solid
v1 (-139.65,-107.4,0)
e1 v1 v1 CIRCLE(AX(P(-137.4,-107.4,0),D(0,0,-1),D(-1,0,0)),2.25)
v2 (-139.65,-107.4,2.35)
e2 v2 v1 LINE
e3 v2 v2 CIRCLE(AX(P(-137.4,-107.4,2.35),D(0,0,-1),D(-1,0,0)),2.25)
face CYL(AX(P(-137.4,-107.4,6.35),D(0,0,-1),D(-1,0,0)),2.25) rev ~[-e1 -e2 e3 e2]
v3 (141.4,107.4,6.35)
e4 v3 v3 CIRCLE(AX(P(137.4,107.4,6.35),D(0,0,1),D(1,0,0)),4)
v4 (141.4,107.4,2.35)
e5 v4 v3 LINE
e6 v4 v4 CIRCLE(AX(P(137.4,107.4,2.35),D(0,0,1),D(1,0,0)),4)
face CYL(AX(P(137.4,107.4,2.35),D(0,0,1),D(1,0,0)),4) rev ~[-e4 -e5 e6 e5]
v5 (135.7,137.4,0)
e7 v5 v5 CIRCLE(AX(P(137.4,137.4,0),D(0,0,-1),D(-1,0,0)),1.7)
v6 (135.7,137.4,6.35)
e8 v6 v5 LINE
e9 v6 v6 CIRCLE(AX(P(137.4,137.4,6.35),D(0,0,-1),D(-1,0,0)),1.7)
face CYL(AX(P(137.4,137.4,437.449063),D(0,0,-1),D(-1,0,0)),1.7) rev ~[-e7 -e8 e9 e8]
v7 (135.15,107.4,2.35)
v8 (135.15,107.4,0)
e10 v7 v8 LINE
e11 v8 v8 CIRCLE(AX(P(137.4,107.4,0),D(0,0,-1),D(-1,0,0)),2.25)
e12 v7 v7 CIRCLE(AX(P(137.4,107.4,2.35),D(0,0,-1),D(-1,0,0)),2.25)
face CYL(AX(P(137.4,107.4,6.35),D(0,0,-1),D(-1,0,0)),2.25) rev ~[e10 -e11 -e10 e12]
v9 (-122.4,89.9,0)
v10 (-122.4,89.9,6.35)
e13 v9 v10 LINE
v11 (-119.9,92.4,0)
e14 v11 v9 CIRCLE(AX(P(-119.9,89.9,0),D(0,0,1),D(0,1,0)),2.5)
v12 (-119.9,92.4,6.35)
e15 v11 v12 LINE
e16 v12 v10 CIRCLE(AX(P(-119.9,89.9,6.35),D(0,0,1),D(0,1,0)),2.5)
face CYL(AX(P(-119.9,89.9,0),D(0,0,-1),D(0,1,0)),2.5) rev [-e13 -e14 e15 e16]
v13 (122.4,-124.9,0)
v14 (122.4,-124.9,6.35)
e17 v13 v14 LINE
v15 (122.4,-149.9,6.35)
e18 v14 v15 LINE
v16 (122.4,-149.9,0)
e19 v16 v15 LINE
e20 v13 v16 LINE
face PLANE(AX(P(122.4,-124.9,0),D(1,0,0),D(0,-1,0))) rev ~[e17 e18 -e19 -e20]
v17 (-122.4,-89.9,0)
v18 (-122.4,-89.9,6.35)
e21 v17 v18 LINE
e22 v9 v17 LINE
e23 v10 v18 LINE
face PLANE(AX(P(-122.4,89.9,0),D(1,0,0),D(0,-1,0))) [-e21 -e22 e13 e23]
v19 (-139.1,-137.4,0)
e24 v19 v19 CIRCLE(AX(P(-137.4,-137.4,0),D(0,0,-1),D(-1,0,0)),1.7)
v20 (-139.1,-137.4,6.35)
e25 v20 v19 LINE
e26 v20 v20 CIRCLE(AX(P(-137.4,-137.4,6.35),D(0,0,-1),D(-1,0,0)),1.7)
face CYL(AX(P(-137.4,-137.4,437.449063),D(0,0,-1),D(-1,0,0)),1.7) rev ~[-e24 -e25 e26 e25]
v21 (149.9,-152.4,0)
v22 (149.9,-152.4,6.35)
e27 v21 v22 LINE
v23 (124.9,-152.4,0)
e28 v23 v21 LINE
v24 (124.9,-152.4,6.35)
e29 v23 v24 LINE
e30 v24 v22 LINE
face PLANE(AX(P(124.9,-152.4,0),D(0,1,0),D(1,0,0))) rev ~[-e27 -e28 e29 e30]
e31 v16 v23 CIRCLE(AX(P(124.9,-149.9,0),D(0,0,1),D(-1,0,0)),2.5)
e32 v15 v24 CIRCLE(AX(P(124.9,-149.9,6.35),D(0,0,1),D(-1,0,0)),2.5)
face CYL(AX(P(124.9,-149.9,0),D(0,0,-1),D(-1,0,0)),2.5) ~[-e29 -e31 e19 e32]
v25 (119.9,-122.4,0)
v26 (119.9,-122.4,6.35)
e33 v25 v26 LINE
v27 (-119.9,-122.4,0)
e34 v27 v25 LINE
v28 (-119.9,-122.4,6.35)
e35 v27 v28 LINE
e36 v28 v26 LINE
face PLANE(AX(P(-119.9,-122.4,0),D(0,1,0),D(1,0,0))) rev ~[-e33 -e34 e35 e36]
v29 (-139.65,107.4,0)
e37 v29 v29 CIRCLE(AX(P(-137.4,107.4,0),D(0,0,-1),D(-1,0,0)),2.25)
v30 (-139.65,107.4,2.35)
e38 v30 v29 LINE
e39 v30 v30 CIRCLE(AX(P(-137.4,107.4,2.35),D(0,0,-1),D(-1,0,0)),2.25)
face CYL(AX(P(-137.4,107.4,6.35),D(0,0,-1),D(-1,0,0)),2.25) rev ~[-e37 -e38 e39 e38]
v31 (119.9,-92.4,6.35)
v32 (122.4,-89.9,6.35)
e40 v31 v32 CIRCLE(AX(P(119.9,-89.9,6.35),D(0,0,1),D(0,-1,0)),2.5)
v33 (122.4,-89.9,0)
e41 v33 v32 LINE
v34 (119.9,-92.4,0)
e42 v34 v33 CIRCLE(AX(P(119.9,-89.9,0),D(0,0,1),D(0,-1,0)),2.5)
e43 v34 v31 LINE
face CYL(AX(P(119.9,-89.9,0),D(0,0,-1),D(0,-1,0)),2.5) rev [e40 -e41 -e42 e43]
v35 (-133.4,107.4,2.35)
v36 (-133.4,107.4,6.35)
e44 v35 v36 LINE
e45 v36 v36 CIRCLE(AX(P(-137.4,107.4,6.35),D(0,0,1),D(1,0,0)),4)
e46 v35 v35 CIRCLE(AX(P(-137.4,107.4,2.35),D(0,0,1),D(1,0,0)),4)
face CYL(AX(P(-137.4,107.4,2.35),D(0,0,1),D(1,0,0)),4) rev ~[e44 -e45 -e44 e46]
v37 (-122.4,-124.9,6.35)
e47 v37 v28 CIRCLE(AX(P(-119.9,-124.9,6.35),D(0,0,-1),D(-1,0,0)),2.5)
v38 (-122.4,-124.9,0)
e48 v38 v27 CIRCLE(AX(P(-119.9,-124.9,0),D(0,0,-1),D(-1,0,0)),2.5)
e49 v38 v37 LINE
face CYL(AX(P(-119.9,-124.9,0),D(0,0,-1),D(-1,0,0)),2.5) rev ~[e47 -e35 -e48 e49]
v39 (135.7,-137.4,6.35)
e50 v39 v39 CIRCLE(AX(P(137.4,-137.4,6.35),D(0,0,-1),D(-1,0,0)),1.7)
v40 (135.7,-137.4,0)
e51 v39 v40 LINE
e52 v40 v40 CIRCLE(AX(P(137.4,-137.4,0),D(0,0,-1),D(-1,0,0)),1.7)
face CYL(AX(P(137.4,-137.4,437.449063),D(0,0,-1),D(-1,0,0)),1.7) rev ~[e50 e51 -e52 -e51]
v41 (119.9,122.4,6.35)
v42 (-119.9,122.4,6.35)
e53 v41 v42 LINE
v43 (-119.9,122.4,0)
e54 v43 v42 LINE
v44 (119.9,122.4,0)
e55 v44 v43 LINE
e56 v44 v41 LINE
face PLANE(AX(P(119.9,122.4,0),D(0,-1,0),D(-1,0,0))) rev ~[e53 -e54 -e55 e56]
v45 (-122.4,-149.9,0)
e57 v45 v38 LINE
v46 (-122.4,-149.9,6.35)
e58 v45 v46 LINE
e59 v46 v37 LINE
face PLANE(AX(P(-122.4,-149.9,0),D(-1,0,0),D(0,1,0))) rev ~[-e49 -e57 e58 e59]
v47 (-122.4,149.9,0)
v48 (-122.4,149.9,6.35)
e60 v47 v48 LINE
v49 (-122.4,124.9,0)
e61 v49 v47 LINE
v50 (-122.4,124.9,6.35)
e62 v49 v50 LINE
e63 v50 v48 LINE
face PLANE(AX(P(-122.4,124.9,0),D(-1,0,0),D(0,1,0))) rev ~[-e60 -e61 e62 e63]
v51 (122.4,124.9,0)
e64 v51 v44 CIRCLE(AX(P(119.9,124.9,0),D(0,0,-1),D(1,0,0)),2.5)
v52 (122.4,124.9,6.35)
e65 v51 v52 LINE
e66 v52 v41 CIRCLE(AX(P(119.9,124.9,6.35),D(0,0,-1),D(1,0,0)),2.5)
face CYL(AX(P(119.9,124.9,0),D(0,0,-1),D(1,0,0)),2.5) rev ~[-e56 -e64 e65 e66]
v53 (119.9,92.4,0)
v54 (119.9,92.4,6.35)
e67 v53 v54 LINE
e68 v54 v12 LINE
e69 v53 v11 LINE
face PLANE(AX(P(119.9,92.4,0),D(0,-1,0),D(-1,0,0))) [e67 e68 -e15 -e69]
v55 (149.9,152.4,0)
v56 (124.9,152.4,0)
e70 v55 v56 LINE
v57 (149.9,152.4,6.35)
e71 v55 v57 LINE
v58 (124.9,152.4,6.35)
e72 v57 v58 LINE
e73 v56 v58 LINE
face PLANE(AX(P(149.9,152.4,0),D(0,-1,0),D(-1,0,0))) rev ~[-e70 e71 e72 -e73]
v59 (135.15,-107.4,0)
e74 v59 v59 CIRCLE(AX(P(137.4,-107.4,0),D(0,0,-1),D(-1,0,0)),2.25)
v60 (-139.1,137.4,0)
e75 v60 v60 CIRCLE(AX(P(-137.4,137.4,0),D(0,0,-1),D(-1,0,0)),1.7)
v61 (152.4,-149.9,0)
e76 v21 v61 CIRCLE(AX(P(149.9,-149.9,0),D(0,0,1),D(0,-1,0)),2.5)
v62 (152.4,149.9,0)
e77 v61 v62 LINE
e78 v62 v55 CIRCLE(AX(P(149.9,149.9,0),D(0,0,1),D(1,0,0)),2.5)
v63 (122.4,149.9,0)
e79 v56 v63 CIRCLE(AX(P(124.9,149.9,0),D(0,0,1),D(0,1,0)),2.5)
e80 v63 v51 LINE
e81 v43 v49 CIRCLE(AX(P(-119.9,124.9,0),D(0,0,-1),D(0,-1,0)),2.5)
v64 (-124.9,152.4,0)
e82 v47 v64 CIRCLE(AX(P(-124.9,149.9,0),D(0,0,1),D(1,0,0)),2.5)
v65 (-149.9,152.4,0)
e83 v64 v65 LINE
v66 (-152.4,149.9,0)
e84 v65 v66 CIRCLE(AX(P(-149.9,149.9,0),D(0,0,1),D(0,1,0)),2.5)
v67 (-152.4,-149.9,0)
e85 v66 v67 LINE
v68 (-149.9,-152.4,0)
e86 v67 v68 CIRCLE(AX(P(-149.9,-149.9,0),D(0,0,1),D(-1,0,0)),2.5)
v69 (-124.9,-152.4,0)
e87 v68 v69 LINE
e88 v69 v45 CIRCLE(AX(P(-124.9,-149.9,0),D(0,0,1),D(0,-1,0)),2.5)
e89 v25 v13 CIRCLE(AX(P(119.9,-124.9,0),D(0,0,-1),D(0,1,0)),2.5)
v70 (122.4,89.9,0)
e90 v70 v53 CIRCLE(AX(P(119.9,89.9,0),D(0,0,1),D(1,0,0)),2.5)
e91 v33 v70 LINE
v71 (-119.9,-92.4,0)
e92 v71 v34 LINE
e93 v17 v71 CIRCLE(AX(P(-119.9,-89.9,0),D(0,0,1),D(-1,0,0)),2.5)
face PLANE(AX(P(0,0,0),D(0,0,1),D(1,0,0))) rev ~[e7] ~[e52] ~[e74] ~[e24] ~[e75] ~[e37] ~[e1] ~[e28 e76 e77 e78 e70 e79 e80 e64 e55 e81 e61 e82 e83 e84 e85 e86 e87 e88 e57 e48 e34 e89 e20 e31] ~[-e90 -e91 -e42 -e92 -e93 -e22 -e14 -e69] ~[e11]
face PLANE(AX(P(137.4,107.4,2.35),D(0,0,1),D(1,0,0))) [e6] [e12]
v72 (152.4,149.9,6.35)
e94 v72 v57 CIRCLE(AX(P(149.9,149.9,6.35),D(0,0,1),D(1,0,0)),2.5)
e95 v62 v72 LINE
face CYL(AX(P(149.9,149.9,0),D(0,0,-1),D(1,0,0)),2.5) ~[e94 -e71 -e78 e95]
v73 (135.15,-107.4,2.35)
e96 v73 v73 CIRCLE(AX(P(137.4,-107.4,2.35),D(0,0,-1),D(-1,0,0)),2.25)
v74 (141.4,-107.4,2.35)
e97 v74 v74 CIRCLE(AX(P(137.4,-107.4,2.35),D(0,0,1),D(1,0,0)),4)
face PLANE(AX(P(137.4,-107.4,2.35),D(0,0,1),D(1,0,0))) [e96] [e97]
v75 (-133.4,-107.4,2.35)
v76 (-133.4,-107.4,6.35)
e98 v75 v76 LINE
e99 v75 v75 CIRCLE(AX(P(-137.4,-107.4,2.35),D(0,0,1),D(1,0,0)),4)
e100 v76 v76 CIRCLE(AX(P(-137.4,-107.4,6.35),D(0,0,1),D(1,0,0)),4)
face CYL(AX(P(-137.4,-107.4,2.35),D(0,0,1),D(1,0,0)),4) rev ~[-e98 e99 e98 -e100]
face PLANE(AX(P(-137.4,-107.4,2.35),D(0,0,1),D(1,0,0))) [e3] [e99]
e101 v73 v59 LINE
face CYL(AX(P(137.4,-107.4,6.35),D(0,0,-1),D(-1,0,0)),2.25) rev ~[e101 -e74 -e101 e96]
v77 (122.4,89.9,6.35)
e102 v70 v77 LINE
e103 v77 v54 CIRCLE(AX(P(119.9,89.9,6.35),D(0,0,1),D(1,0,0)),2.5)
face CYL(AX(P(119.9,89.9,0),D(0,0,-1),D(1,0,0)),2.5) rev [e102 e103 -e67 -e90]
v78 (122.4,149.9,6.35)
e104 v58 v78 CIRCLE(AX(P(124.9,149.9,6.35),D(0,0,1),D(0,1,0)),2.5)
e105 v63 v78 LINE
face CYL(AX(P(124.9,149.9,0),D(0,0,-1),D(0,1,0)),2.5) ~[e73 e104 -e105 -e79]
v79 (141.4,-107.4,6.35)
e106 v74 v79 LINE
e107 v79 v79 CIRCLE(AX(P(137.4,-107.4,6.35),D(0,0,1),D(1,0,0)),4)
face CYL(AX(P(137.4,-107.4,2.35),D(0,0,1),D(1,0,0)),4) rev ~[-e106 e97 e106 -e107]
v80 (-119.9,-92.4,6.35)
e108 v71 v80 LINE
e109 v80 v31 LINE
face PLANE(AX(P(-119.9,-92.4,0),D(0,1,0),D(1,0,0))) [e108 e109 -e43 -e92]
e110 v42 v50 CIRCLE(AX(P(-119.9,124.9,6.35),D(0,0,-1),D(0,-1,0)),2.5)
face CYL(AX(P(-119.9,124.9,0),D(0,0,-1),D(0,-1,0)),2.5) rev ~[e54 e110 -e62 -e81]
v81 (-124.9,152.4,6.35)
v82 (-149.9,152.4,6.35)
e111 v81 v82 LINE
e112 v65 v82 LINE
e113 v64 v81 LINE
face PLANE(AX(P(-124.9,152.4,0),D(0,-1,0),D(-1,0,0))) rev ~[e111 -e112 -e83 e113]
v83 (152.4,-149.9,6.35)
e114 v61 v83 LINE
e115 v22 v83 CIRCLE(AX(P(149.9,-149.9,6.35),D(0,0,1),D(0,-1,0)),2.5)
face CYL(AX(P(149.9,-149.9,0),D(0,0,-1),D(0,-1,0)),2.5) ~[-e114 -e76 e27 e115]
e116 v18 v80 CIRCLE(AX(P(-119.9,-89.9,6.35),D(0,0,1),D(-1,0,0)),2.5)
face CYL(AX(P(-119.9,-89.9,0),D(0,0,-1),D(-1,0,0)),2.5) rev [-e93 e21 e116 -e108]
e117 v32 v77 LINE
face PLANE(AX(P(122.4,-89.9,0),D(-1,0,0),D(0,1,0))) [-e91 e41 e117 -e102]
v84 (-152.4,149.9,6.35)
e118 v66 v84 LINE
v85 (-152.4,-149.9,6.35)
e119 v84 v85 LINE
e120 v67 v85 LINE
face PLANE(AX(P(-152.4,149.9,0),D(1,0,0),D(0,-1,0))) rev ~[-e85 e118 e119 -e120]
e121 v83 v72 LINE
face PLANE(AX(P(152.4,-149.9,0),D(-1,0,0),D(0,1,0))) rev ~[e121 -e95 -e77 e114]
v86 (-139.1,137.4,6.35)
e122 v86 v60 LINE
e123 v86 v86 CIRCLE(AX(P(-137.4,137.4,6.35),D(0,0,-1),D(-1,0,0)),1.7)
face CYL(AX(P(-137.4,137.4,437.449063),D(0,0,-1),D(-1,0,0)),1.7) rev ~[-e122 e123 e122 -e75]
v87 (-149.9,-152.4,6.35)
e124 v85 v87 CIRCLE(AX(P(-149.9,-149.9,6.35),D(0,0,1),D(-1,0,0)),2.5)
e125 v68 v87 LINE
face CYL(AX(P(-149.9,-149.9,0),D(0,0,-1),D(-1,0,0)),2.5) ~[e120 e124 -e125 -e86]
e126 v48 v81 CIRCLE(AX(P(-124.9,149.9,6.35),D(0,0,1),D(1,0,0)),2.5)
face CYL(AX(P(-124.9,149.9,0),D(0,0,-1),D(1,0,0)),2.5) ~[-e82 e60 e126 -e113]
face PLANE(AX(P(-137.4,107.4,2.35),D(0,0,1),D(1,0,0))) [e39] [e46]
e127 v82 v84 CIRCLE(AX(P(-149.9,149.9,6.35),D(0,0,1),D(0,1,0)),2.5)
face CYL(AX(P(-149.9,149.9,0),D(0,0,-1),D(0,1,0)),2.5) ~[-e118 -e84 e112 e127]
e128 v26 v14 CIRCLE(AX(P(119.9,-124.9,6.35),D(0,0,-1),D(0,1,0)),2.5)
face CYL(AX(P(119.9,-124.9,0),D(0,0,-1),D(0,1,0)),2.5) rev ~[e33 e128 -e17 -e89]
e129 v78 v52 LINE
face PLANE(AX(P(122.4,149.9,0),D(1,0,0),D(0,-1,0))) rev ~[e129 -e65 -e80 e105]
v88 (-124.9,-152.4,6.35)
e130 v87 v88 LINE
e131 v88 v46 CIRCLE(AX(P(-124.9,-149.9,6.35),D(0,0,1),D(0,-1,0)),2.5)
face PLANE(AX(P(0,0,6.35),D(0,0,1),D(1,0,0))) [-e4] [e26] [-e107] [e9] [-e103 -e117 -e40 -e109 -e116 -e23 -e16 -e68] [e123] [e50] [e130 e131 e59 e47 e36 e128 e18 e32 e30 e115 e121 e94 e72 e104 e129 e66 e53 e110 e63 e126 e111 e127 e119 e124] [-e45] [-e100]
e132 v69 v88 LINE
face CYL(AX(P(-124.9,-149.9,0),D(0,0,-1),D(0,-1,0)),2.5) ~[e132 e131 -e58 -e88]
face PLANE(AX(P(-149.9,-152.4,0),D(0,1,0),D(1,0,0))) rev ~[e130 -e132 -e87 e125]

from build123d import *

# Parameters (mm, degrees)
BOSS_EXTRUDE1_DEPTH            = 6.35
CBORE_FOR_M4_SHCS1_D           = 4.5
CBORE_FOR_M4_SHCS1_CBORE_D     = 8
CBORE_FOR_M4_SHCS1_CBORE_DEPTH = 4
M3_CLEARANCE_HOLE2_D           = 3.4


with BuildPart() as part:
    # Sketch7 → Boss-Extrude1 (new body)
    with BuildSketch(Plane.XY):
        with BuildLine():
            Line((-119.9, -122.4), (119.9, -122.4))
            ThreePointArc((119.9, -122.4), (121.667766953, -123.132233047), (122.4, -124.9))
            Line((122.4, -124.9), (122.4, -149.9))
            ThreePointArc((122.4, -149.9), (123.132233047, -151.667766953), (124.9, -152.4))
            Line((124.9, -152.4), (149.9, -152.4))
            ThreePointArc((149.9, -152.4), (151.667766953, -151.667766953), (152.4, -149.9))
            Line((152.4, -149.9), (152.4, -102.186961883))
            Line((152.4, -102.186961883), (152.4, 120.74319893))
            Line((152.4, 120.74319893), (152.4, 149.9))
            ThreePointArc((152.4, 149.9), (151.667766953, 151.667766953), (149.9, 152.4))
            Line((149.9, 152.4), (124.9, 152.4))
            ThreePointArc((124.9, 152.4), (123.132233047, 151.667766953), (122.4, 149.9))
            Line((122.4, 149.9), (122.4, 124.9))
            ThreePointArc((122.4, 124.9), (121.667766953, 123.132233047), (119.9, 122.4))
            Line((119.9, 122.4), (-119.9, 122.4))
            ThreePointArc((-119.9, 122.4), (-121.667766953, 123.132233047), (-122.4, 124.9))
            Line((-122.4, 124.9), (-122.4, 149.9))
            ThreePointArc((-122.4, 149.9), (-123.132233047, 151.667766953), (-124.9, 152.4))
            Line((-124.9, 152.4), (-149.9, 152.4))
            ThreePointArc((-149.9, 152.4), (-151.667766953, 151.667766953), (-152.4, 149.9))
            Line((-152.4, 149.9), (-152.4, 102.186961883))
            Line((-152.4, 102.186961883), (-152.4, -120.74319893))
            Line((-152.4, -120.74319893), (-152.4, -149.9))
            ThreePointArc((-152.4, -149.9), (-151.667766953, -151.667766953), (-149.9, -152.4))
            Line((-149.9, -152.4), (-124.9, -152.4))
            ThreePointArc((-124.9, -152.4), (-123.132233047, -151.667766953), (-122.4, -149.9))
            Line((-122.4, -149.9), (-122.4, -124.9))
            ThreePointArc((-122.4, -124.9), (-121.667766953, -123.132233047), (-119.9, -122.4))
        make_face()
        with BuildLine():
            Line((-119.9, -92.4), (119.9, -92.4))
            ThreePointArc((119.9, -92.4), (121.667766953, -91.667766953), (122.4, -89.9))
            Line((122.4, -89.9), (122.4, 89.9))
            ThreePointArc((122.4, 89.9), (121.667766953, 91.667766953), (119.9, 92.4))
            Line((119.9, 92.4), (-119.9, 92.4))
            ThreePointArc((-119.9, 92.4), (-121.667766953, 91.667766953), (-122.4, 89.9))
            Line((-122.4, 89.9), (-122.4, -89.9))
            ThreePointArc((-122.4, -89.9), (-121.667766953, -91.667766953), (-119.9, -92.4))
        make_face(mode=Mode.SUBTRACT)
    extrude(amount=BOSS_EXTRUDE1_DEPTH)

    # CBORE for M4 SHCS1 (through all)
    with Locations(Plane.XY.offset(6.35)):
        with Locations((-137.4, 107.4), (-137.4, -107.4), (137.4, -107.4), (137.4, 107.4)):
            CounterBoreHole(CBORE_FOR_M4_SHCS1_D / 2, CBORE_FOR_M4_SHCS1_CBORE_D / 2, CBORE_FOR_M4_SHCS1_CBORE_DEPTH)

    # M3 Clearance Hole2 (through all)
    with Locations(Plane.XY.offset(6.35)):
        with Locations((-137.4, 137.4), (137.4, 137.4), (137.4, -137.4), (-137.4, -137.4)):
            Hole(M3_CLEARANCE_HOLE2_D / 2)


solid = part.part
